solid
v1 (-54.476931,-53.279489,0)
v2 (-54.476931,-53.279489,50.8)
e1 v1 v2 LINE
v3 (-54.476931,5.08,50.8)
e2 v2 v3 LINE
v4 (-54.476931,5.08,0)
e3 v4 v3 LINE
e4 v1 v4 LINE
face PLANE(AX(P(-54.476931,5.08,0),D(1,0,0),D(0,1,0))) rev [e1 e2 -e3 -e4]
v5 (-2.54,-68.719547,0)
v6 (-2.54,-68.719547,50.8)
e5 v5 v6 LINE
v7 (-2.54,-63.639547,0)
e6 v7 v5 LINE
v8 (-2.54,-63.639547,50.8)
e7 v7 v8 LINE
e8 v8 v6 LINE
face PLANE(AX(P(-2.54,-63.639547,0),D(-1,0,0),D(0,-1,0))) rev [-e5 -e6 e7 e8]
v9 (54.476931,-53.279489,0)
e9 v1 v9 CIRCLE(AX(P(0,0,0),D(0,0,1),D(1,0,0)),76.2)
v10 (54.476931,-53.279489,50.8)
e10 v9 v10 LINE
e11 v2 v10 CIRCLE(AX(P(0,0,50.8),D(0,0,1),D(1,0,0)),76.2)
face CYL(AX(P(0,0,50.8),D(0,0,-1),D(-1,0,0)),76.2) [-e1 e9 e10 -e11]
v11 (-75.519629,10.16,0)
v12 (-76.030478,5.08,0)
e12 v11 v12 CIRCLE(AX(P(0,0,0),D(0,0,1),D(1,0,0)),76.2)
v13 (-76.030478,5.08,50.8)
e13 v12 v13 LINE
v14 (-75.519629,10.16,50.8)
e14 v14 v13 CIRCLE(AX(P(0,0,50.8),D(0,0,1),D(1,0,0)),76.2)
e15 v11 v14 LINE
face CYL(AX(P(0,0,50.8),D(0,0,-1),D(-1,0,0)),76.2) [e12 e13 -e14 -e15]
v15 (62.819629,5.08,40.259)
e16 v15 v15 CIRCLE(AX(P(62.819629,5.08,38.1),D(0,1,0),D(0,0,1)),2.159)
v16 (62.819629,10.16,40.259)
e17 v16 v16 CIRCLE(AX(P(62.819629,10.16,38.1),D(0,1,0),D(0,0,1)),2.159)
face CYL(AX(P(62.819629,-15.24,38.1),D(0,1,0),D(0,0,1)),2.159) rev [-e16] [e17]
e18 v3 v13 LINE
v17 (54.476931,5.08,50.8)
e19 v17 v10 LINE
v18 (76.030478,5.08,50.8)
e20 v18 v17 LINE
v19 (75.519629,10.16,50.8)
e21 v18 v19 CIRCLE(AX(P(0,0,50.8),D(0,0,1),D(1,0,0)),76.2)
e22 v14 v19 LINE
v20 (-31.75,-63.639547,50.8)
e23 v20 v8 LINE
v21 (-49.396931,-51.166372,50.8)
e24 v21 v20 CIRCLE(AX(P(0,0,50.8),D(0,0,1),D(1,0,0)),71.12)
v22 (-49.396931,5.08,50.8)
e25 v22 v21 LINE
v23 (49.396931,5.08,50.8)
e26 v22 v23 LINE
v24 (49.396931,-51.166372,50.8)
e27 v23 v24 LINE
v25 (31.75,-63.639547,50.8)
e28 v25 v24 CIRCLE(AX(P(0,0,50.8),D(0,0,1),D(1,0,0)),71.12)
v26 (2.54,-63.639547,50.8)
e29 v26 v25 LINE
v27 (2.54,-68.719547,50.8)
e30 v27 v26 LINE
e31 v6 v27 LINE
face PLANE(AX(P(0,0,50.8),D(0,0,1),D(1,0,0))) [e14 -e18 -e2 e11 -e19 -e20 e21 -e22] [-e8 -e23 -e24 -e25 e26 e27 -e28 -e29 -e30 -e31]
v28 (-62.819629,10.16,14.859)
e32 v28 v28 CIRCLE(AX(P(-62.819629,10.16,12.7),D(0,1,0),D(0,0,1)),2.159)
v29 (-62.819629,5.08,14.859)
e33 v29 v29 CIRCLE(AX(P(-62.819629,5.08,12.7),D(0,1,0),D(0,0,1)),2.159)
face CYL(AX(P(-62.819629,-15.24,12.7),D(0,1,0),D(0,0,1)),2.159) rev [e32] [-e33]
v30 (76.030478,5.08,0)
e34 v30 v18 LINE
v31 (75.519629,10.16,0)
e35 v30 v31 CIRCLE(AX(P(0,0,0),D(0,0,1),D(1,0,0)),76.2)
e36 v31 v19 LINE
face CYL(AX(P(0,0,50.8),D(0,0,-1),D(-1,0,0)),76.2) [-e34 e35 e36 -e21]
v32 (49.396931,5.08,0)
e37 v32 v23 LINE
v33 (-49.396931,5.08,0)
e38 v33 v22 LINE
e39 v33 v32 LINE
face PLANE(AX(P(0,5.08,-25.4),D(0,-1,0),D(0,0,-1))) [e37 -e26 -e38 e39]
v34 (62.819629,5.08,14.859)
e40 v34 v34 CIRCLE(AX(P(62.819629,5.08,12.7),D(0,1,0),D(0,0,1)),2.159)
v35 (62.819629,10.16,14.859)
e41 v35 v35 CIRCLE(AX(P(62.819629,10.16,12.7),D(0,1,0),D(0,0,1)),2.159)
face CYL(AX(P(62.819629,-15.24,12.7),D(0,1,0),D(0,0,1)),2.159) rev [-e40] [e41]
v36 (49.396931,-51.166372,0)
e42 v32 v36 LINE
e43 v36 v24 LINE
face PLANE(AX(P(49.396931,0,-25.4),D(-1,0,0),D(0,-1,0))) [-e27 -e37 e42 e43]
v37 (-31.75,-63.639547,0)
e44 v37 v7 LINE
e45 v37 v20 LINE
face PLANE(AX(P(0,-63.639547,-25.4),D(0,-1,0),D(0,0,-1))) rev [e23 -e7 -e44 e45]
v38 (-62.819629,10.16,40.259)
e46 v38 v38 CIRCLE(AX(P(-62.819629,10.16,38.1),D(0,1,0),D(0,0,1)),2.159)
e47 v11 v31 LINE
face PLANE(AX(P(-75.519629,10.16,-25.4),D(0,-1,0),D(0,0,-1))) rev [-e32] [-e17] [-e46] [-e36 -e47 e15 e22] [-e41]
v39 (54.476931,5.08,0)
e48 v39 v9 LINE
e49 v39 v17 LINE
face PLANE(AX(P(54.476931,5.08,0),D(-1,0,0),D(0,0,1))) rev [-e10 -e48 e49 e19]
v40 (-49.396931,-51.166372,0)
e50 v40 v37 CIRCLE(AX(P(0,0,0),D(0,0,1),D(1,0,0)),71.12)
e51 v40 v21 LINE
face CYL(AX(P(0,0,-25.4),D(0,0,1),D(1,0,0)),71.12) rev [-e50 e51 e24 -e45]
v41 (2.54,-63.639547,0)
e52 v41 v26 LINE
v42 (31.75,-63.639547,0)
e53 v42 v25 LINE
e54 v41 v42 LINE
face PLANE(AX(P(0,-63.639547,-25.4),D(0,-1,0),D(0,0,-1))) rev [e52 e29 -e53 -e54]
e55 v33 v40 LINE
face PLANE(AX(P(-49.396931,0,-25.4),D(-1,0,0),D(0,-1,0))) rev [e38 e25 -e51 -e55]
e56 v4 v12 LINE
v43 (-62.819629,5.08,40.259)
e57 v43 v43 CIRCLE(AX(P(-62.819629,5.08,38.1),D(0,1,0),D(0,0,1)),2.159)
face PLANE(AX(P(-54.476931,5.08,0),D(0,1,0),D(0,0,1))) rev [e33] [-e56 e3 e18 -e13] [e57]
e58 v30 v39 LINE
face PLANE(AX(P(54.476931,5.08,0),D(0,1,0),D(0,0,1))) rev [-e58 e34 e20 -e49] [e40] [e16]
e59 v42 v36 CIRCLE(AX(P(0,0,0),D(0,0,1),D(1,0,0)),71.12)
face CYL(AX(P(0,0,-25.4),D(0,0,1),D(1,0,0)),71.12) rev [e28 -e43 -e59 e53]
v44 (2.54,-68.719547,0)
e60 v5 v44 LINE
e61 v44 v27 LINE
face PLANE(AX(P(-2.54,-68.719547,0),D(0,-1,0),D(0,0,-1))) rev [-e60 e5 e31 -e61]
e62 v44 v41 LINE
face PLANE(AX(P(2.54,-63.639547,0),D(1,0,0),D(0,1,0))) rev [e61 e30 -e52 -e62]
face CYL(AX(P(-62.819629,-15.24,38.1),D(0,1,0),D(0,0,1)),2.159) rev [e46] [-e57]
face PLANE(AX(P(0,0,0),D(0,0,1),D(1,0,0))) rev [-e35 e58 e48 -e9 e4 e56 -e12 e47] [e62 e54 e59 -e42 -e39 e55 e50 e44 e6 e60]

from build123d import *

# Parameters (mm, degrees)
SKETCH2_R           = 76.2
BOSS_EXTRUDE1_DEPTH = 50.8
CUT_EXTRUDE1_DEPTH  = 76.2
CUT_EXTRUDE2_DEPTH  = 76.2
SKETCH8_W           = 5.08
SKETCH8_H           = 5.08
CUT_EXTRUDE4_DEPTH  = 50.8
CUT_EXTRUDE5_DEPTH  = 51.8
SKETCH10_R          = 2.159
CUT_EXTRUDE6_DEPTH  = 25.4


with BuildPart() as part:
    # Sketch2 → Boss-Extrude1 (new body)
    with BuildSketch(Plane.XY):
        Circle(SKETCH2_R)
    extrude(amount=BOSS_EXTRUDE1_DEPTH)

    # Sketch4 → Cut-Extrude1 (cut)
    with BuildSketch(Plane.XY.offset(50.8)):
        with BuildLine():
            Line((-75.519629236, 10.16), (75.519629236, 10.16))
            ThreePointArc((75.519629236, 10.16), (0, 76.2), (-75.519629236, 10.16))
        make_face()
    extrude(amount=-CUT_EXTRUDE1_DEPTH, mode=Mode.SUBTRACT)

    # Sketch5 → Cut-Extrude2 (cut)
    with BuildSketch(Plane.XY.offset(50.8)):
        with BuildLine():
            Line((49.396930897, 5.08), (-49.396930897, 5.08))
            Line((-49.396930897, 5.08), (-49.396930897, -51.166371944))
            ThreePointArc((-49.396930897, -51.166371944), (-41.049983197, -58.077132157), (-31.75, -63.639546667))
            Line((-31.75, -63.639546667), (31.75, -63.639546667))
            ThreePointArc((31.75, -63.639546667), (41.049983197, -58.077132157), (49.396930897, -51.166371944))
            Line((49.396930897, -51.166371944), (49.396930897, 5.08))
        make_face()
    extrude(amount=-CUT_EXTRUDE2_DEPTH, mode=Mode.SUBTRACT)

    # Sketch8 → Cut-Extrude4 (cut)
    with BuildSketch(Plane.XY.offset(50.8)):
        with Locations((0, -66.179546667)):
            Rectangle(SKETCH8_W, SKETCH8_H)
    extrude(amount=-CUT_EXTRUDE4_DEPTH, mode=Mode.SUBTRACT)

    # Sketch9 → Cut-Extrude5 (cut, through all)
    with BuildSketch(Plane.XY.offset(50.8)):
        with BuildLine():
            Line((54.476930897, 5.08), (76.030478099, 5.08))
            ThreePointArc((76.030478099, 5.08), (71.480790805, -26.399555791), (54.476930897, -53.279489487))
            Line((54.476930897, -53.279489487), (54.476930897, 5.08))
        make_face()
        with BuildLine():
            Line((-54.476930897, 5.08), (-54.476930897, -53.279489487))
            ThreePointArc((-54.476930897, -53.279489487), (-71.480790805, -26.399555791), (-76.030478099, 5.08))
            Line((-76.030478099, 5.08), (-54.476930897, 5.08))
        make_face()
    extrude(amount=-CUT_EXTRUDE5_DEPTH, mode=Mode.SUBTRACT)

    # Sketch10 → Cut-Extrude6 (cut)
    with BuildSketch(Plane(origin=(0, 10.16, 0), x_dir=(1, 0, 0), z_dir=(0, 1, 0))):
        with Locations((-62.819629236, -12.7)):
            Circle(SKETCH10_R)
        with Locations((-62.819629236, -38.1)):
            Circle(SKETCH10_R)
        with Locations((62.819629236, -12.7)):
            Circle(SKETCH10_R)
        with Locations((62.819629236, -38.1)):
            Circle(SKETCH10_R)
    extrude(amount=-CUT_EXTRUDE6_DEPTH, mode=Mode.SUBTRACT)


solid = part.part
